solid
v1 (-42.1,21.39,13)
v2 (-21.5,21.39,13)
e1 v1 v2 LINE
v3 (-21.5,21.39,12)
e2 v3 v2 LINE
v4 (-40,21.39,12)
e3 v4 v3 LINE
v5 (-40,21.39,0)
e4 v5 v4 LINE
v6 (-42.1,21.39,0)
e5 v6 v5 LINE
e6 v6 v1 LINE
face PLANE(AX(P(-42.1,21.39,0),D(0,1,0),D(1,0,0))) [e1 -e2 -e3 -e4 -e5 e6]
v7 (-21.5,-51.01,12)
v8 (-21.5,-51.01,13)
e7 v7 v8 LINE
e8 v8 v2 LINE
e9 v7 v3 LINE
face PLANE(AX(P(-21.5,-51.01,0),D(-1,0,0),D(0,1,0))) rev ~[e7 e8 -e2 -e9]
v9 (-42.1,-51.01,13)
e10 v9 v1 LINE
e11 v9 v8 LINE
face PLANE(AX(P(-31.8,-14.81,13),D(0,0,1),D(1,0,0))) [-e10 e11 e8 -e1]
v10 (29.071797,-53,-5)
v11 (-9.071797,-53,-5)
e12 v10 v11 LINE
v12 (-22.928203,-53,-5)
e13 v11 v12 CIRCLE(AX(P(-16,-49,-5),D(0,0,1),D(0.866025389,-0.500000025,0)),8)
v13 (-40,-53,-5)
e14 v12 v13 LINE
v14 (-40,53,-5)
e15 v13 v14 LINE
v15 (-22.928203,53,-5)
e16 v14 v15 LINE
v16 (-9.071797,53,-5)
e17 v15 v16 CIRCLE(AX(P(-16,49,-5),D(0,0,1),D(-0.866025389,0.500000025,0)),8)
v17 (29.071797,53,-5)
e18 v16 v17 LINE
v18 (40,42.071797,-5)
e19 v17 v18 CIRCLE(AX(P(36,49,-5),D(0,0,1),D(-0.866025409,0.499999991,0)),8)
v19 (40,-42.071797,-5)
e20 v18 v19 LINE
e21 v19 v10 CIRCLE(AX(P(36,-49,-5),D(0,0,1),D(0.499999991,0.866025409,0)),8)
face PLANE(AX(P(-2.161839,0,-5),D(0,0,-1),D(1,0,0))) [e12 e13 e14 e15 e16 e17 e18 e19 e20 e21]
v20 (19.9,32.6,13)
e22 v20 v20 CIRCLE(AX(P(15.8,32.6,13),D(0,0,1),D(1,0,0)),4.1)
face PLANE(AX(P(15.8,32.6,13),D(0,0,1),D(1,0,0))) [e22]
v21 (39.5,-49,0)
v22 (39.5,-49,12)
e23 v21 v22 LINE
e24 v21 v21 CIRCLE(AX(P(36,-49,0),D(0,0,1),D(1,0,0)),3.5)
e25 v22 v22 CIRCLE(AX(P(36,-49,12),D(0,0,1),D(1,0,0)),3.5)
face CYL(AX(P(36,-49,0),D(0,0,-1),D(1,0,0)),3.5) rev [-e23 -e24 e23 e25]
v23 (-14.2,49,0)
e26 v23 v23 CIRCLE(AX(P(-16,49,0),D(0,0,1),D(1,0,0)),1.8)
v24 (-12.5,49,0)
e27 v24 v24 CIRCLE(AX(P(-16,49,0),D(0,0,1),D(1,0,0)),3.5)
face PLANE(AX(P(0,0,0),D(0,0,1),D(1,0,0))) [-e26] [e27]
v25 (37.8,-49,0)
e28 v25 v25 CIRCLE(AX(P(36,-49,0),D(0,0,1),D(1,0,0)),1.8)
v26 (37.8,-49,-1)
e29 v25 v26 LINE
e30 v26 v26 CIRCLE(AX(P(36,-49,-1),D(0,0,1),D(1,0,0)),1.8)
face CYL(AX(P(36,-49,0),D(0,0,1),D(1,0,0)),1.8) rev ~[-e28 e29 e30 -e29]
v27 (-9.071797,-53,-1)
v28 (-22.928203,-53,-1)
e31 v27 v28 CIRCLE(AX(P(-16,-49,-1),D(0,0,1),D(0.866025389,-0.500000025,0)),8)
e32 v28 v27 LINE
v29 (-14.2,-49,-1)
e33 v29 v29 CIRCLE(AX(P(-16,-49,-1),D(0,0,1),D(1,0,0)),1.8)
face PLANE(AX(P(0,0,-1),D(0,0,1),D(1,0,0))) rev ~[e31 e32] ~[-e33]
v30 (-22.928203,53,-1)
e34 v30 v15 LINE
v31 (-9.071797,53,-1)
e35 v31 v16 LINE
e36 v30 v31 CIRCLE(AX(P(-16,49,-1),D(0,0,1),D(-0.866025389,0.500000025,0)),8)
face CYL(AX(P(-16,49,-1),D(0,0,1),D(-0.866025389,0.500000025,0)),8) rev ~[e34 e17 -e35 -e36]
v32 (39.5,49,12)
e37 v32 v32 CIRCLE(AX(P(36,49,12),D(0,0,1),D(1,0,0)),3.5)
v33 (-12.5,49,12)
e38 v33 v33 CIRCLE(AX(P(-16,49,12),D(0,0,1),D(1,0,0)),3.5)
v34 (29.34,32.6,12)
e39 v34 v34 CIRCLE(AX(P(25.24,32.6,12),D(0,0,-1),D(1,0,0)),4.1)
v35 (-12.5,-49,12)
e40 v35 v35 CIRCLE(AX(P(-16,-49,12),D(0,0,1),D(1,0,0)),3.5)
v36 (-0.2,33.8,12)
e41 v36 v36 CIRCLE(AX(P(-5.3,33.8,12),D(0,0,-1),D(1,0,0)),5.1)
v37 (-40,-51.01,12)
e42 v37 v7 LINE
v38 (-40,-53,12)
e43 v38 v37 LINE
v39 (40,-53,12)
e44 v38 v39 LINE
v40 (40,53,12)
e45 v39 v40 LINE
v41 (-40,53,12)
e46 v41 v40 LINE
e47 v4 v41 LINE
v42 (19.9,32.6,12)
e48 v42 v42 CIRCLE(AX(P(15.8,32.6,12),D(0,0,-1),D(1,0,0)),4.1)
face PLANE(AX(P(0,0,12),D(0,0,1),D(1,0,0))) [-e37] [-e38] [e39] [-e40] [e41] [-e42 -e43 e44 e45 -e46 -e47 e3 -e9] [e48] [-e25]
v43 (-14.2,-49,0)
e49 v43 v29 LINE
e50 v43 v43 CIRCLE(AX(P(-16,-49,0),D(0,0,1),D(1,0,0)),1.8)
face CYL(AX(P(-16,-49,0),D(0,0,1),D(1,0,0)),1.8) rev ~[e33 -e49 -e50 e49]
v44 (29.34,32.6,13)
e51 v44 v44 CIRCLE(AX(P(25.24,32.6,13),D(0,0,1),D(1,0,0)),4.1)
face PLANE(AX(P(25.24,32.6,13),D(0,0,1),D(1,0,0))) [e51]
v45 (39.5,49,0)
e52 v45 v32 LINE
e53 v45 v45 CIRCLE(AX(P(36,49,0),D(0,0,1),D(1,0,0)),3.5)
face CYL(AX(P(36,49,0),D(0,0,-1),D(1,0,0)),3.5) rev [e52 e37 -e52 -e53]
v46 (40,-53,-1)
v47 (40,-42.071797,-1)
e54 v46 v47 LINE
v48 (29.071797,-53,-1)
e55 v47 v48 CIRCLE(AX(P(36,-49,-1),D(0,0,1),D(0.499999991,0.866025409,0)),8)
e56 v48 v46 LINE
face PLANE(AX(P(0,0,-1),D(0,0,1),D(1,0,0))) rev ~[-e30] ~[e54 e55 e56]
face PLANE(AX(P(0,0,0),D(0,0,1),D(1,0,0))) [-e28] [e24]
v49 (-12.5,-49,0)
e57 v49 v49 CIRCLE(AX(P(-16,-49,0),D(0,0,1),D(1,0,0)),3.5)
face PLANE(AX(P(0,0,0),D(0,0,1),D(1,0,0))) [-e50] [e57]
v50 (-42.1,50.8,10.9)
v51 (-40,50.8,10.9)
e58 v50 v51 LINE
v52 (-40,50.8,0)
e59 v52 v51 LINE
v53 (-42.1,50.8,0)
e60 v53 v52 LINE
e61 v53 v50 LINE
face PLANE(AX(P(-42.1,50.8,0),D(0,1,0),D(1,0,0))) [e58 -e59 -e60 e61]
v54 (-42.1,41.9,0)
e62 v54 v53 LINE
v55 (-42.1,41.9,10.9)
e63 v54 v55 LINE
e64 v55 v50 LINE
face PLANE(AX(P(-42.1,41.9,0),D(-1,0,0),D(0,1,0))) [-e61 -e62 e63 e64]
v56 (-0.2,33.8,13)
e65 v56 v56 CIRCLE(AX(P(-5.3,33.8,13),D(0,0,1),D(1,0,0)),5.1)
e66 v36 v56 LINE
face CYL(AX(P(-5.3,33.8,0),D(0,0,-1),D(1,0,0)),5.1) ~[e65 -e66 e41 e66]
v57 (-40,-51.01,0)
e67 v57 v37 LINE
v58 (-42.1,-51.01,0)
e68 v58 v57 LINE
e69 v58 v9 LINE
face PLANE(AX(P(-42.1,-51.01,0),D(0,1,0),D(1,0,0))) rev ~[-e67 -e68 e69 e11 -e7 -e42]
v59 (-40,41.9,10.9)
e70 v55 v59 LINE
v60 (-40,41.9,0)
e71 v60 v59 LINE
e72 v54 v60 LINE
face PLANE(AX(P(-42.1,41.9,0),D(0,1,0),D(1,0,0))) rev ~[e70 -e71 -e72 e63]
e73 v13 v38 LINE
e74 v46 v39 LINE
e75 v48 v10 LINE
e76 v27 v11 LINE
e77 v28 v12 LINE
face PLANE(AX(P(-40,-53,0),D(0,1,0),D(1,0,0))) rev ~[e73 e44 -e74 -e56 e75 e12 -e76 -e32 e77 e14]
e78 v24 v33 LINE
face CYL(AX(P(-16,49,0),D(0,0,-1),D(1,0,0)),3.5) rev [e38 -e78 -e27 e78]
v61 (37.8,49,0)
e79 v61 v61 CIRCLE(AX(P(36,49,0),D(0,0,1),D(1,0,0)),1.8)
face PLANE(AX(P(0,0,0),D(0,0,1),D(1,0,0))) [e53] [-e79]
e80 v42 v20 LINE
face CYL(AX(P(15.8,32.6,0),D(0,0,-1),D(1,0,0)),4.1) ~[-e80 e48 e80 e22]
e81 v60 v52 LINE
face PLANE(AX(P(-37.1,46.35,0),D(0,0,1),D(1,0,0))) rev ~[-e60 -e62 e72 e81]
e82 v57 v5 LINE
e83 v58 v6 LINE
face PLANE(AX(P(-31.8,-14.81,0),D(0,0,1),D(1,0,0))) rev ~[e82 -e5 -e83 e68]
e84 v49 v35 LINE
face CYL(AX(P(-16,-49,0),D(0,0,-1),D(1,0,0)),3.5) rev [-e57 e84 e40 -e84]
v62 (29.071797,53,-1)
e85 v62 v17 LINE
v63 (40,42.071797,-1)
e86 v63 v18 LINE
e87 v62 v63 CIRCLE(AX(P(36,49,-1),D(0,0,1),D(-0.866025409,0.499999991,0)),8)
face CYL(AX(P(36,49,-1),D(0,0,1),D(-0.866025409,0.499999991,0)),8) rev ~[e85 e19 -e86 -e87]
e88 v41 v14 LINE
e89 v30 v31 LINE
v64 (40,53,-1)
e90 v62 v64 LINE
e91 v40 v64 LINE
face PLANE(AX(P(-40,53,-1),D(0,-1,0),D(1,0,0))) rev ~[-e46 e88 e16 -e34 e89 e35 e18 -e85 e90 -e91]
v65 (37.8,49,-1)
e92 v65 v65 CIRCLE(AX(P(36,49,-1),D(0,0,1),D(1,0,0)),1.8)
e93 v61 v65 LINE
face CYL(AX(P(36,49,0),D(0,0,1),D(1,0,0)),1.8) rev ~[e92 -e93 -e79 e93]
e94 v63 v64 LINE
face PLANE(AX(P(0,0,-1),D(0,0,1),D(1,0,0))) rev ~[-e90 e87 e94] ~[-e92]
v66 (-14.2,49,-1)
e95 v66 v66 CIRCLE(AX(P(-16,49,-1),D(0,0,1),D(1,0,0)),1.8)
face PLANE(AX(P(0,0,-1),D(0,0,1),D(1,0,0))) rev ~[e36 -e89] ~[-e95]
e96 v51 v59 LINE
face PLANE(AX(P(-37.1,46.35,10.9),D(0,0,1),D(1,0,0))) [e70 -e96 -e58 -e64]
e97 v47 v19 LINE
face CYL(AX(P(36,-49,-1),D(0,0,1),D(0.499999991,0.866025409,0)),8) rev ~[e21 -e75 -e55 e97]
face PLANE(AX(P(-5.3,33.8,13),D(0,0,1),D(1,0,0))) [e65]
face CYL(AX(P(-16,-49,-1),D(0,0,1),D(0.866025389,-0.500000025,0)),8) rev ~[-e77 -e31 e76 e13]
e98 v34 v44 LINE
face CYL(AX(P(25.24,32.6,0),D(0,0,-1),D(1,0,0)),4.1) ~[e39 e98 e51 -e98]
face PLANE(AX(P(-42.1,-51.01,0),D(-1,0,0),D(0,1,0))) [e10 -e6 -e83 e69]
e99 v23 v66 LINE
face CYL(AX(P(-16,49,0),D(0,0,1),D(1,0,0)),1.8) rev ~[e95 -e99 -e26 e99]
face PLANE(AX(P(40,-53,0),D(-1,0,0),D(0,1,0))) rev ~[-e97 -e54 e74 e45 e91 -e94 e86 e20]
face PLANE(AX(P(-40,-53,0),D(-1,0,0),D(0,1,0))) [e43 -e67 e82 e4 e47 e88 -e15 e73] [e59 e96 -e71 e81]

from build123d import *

# Parameters (mm, degrees)
F0_W      = 80
F0_H      = 106
F0_R      = 1.8
F1_DEPTH  = 1
F2_W      = 20.6
F2_H      = 72.4
F3_DEPTH  = 13
F4_W      = 10
F4_H      = 8.9
F5_DEPTH  = 10.9
F6_R      = 5.1
F6_R_2    = 4.1
F7_DEPTH  = 13
F9_DEPTH  = 4
F10_W     = 80
F10_H     = 106
F10_R     = 3.5
F11_DEPTH = 12


with BuildPart() as f1:
    # F0 (on Top) → F1 (new body)
    with BuildSketch(Plane.XY):
        Rectangle(F0_W, F0_H)
        with Locations((-16, -49)):
            Circle(F0_R, mode=Mode.SUBTRACT)
        with Locations((36, -49)):
            Circle(F0_R, mode=Mode.SUBTRACT)
        with Locations((-16, 49)):
            Circle(F0_R, mode=Mode.SUBTRACT)
        with Locations((36, 49)):
            Circle(F0_R, mode=Mode.SUBTRACT)
    extrude(amount=-F1_DEPTH)

    # F2 (on face) → F3 (join)
    with BuildSketch(Plane.XY):
        with Locations((-31.8, -14.81)):
            Rectangle(F2_W, F2_H)
    extrude(amount=F3_DEPTH)

    # F4 (on face) → F5 (join)
    with BuildSketch(Plane.XY):
        with Locations((-37.1, 46.35)):
            Rectangle(F4_W, F4_H)
    extrude(amount=F5_DEPTH)

    # F6 (on face) → F7 (join)
    with BuildSketch(Plane.XY):
        with Locations((-5.3, 33.8)):
            Circle(F6_R)
        with Locations((15.8, 32.6)):
            Circle(F6_R_2)
        with Locations((25.24, 32.6)):
            Circle(F6_R_2)
    extrude(amount=F7_DEPTH)

    # F8 (on face) → F9 (join)
    with BuildSketch(Plane(origin=(0, 0, -1), x_dir=(1, 0, 0), z_dir=(0, 0, -1))):
        with BuildLine():
            Line((-22.928203, 53), (-40, 53))
            Line((-40, 53), (-40, -53))
            Line((-40, -53), (-22.928203, -53))
            ThreePointArc((-22.928203, -53), (-16, -41), (-9.071797, -53))
            Line((-9.071797, -53), (29.071797, -53))
            ThreePointArc((29.071797, -53), (30.343146, -43.343146), (40, -42.071797))
            Line((40, -42.071797), (40, 42.071797))
            ThreePointArc((40, 42.071797), (30.343146, 43.343146), (29.071797, 53))
            Line((29.071797, 53), (-9.071797, 53))
            ThreePointArc((-9.071797, 53), (-16, 41), (-22.928203, 53))
        make_face()
    extrude(amount=F9_DEPTH)

    # F10 (on face) → F11 (join)
    with BuildSketch(Plane.XY):
        Rectangle(F10_W, F10_H)
        with Locations((-16, -49)):
            Circle(F10_R, mode=Mode.SUBTRACT)
        with Locations((36, -49)):
            Circle(F10_R, mode=Mode.SUBTRACT)
        with Locations((-16, 49)):
            Circle(F10_R, mode=Mode.SUBTRACT)
        with Locations((36, 49)):
            Circle(F10_R, mode=Mode.SUBTRACT)
    extrude(amount=F11_DEPTH)


solid = f1.part
